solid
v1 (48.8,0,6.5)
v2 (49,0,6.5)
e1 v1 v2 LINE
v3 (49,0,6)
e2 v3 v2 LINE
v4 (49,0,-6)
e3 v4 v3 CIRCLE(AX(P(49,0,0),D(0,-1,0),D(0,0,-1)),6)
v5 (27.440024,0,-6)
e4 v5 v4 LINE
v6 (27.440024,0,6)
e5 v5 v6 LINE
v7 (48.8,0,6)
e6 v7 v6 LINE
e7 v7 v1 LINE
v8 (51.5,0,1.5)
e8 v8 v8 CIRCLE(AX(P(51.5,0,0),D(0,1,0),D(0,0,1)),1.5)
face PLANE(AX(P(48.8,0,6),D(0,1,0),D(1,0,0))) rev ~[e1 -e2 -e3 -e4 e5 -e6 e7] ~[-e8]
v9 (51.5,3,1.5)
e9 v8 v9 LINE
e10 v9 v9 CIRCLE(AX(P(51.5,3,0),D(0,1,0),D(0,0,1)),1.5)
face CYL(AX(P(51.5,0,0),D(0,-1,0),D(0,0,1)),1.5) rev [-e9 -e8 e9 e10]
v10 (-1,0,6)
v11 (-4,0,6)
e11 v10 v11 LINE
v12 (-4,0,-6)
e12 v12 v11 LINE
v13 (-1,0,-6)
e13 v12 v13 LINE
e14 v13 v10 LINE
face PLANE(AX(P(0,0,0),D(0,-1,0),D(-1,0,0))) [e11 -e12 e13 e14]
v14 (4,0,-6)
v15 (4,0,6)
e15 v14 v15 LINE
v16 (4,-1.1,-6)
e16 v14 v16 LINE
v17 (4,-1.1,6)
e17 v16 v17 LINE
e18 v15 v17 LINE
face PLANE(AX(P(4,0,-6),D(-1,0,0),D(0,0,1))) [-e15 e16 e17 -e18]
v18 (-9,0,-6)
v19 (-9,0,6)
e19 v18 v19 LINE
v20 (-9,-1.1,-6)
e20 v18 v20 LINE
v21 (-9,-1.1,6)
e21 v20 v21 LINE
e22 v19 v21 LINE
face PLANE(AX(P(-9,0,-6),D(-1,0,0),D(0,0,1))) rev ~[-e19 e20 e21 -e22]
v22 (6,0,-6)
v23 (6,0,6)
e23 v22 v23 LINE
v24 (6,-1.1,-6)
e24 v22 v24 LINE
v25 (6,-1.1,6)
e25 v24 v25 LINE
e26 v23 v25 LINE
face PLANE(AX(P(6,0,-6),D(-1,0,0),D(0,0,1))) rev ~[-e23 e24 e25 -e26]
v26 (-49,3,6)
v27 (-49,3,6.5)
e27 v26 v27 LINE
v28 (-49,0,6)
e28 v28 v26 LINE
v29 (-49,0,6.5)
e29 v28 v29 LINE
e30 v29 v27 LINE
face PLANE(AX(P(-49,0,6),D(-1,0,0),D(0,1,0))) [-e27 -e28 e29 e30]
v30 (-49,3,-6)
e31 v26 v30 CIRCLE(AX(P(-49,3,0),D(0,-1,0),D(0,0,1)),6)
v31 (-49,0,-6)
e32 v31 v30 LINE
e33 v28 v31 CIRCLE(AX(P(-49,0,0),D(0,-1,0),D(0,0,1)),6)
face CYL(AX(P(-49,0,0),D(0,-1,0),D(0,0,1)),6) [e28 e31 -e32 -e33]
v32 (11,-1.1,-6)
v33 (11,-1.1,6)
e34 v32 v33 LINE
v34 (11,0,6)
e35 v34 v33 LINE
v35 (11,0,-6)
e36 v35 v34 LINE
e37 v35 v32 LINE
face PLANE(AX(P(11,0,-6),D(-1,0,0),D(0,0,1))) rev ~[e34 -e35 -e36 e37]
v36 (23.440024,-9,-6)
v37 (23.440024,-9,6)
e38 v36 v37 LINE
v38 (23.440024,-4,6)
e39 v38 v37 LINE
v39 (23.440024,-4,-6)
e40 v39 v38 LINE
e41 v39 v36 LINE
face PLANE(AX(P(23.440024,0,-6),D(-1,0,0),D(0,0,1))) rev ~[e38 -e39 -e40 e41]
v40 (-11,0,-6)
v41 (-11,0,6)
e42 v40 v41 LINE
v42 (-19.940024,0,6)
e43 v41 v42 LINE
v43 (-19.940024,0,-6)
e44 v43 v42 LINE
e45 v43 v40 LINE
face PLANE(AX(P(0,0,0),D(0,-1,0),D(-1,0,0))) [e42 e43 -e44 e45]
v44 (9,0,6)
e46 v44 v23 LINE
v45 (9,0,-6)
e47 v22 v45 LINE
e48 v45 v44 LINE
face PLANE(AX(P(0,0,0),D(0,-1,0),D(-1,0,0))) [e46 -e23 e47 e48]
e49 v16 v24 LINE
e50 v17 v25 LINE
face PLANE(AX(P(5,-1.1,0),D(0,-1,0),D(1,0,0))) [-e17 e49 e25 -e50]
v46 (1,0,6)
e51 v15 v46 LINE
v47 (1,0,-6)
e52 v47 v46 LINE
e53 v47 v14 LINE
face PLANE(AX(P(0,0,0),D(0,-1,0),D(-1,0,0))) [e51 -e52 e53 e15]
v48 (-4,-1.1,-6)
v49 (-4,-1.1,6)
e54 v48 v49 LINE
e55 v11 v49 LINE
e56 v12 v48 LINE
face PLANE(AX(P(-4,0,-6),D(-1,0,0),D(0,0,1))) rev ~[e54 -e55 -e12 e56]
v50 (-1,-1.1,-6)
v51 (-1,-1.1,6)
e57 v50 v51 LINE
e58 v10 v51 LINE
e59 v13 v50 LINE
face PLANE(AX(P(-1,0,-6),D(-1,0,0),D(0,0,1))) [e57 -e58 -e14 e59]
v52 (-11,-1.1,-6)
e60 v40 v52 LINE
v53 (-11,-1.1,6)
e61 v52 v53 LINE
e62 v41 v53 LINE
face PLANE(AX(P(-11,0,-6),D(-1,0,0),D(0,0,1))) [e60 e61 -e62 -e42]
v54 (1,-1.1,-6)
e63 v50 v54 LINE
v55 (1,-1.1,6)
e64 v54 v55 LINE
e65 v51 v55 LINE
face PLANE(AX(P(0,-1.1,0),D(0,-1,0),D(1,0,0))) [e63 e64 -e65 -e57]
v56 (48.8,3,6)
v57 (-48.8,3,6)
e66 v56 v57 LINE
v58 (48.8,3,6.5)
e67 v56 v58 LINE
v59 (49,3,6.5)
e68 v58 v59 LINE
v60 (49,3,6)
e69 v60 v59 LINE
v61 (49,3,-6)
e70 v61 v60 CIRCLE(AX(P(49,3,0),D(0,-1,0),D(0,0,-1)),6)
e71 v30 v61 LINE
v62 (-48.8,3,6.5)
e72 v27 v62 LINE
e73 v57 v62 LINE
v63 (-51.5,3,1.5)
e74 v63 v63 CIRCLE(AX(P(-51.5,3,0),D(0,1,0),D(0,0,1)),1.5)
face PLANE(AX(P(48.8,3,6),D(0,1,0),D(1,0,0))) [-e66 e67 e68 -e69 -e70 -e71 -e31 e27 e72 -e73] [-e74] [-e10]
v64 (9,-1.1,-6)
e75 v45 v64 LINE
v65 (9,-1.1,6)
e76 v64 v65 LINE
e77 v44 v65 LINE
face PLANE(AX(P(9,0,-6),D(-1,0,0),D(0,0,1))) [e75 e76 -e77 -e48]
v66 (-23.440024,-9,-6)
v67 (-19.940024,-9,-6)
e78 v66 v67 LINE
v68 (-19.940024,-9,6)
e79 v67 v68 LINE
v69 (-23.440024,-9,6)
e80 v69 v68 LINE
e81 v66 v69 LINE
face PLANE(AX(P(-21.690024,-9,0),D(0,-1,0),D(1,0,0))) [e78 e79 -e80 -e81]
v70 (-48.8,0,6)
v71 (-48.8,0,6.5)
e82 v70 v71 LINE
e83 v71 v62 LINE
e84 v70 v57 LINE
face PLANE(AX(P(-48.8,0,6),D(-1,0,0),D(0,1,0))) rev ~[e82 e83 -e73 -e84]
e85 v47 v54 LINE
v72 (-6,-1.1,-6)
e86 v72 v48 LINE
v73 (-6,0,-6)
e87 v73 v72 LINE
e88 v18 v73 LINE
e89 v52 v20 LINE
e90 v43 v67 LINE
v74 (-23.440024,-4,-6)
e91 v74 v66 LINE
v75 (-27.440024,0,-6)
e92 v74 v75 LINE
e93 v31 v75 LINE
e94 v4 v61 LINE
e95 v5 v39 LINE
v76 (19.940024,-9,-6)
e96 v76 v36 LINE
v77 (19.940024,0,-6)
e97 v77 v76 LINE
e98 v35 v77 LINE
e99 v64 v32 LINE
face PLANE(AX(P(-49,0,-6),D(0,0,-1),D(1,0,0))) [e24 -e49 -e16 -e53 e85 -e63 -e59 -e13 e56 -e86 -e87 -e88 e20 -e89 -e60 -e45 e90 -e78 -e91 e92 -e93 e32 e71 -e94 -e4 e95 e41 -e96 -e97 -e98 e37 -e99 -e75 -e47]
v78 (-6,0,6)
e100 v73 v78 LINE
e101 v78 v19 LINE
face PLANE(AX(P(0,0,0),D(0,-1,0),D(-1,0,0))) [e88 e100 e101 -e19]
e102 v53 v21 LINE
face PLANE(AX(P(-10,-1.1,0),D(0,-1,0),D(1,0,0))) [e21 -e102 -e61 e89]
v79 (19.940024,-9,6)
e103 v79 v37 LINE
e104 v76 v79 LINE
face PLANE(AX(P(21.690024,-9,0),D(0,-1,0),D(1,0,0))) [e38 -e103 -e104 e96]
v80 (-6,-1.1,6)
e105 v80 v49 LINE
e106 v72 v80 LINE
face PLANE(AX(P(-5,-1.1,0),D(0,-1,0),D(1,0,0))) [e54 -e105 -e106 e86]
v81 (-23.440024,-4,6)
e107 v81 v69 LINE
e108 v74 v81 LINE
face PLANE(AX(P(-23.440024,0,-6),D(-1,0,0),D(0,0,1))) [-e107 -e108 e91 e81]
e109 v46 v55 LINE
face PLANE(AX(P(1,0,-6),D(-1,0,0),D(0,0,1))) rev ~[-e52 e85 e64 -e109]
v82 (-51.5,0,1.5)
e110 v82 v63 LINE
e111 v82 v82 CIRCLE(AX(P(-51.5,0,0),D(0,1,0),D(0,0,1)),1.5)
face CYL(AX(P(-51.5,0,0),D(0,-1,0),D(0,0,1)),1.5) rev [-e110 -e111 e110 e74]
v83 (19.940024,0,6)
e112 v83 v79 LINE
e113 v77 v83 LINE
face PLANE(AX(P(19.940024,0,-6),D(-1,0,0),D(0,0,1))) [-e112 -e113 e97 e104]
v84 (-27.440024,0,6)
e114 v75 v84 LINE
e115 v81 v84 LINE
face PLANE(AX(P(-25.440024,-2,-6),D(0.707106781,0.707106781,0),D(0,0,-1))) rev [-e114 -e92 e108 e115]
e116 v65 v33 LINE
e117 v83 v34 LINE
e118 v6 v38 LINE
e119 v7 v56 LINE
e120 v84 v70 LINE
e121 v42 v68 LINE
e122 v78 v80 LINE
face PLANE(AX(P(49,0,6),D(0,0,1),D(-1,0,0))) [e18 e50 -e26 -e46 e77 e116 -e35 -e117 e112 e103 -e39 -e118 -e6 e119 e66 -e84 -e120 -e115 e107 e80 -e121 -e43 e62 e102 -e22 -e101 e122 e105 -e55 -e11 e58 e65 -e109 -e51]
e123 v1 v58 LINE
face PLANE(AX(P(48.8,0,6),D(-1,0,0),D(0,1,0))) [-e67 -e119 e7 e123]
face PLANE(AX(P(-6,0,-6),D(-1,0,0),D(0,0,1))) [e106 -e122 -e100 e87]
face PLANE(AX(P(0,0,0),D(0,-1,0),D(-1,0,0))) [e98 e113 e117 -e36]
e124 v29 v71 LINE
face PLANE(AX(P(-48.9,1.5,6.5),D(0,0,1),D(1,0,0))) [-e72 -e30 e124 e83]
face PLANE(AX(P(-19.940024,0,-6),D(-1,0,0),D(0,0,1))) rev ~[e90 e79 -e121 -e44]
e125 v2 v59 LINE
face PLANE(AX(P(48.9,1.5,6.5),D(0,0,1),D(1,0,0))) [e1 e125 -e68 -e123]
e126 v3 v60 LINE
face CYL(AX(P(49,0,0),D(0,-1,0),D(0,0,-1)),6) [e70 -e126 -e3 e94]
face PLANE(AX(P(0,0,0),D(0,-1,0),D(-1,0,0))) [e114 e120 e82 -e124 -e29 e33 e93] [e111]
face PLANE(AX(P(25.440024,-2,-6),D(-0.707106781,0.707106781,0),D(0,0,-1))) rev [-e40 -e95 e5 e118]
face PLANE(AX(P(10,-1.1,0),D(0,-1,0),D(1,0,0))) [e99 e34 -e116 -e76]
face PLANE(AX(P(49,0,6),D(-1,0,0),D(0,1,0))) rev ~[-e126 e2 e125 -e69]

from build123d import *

# Parameters (mm, degrees)
SKETCH1_R           = 1.5
BOSS_EXTRUDE1_DEPTH = 3
SKETCH4_W           = 3.5
SKETCH4_H           = 12
BOSS_EXTRUDE3_DEPTH = 9
SKETCH5_W           = 2
SKETCH5_H           = 12
BOSS_EXTRUDE4_DEPTH = 1.1
SKETCH6_W           = 0.2
SKETCH6_H           = 3
BOSS_EXTRUDE5_DEPTH = 0.5
CHAMFER1_SIZE       = 4


with BuildPart() as part:
    # Sketch1 → Boss-Extrude1 (new body)
    with BuildSketch(Plane(origin=(0, 0, 0), x_dir=(1, 0, 0), z_dir=(0, 1, 0))):
        with BuildLine():
            Line((-49, 6), (49, 6))
            ThreePointArc((49, 6), (55, 0), (49, -6))
            Line((49, -6), (-49, -6))
            ThreePointArc((-49, -6), (-55, 0), (-49, 6))
        make_face()
        with Locations(Location((-51.5, 0, 0), (0, 0, 270))):
            Circle(SKETCH1_R, mode=Mode.SUBTRACT)
        with Locations(Location((51.5, 0, 0), (0, 0, 270))):
            Circle(SKETCH1_R, mode=Mode.SUBTRACT)
    extrude(amount=BOSS_EXTRUDE1_DEPTH)

    # Sketch4 → Boss-Extrude3 (add)
    with BuildSketch(Plane.XZ):
        with Locations((-21.690023983, 0)):
            Rectangle(SKETCH4_W, SKETCH4_H)
        with Locations((21.690023983, 0)):
            Rectangle(SKETCH4_W, SKETCH4_H)
    extrude(amount=BOSS_EXTRUDE3_DEPTH)

    # Sketch5 → Boss-Extrude4 (add)
    with BuildSketch(Plane.XZ):
        with Locations((5, 0)):
            Rectangle(SKETCH5_W, SKETCH5_H)
        Rectangle(SKETCH5_W, SKETCH5_H)
        with Locations((10, 0)):
            Rectangle(SKETCH5_W, SKETCH5_H)
        with Locations((-5, 0)):
            Rectangle(SKETCH5_W, SKETCH5_H)
        with Locations((-10, 0)):
            Rectangle(SKETCH5_W, SKETCH5_H)
    extrude(amount=BOSS_EXTRUDE4_DEPTH)

    # Sketch6 → Boss-Extrude5 (add)
    with BuildSketch(Plane.XY.offset(6)):
        with Locations((48.9, 1.5)):
            Rectangle(SKETCH6_W, SKETCH6_H)
        with Locations((-48.9, 1.5)):
            Rectangle(SKETCH6_W, SKETCH6_H)
    extrude(amount=BOSS_EXTRUDE5_DEPTH)

    # Chamfer1
    chamfer1_edges = [part.edges().sort_by_distance(p)[0] for p in [
        (-23.440023983, 0, 0),
        (23.440023983, 0, 0),
    ]]
    chamfer(chamfer1_edges, length=CHAMFER1_SIZE)


solid = part.part
